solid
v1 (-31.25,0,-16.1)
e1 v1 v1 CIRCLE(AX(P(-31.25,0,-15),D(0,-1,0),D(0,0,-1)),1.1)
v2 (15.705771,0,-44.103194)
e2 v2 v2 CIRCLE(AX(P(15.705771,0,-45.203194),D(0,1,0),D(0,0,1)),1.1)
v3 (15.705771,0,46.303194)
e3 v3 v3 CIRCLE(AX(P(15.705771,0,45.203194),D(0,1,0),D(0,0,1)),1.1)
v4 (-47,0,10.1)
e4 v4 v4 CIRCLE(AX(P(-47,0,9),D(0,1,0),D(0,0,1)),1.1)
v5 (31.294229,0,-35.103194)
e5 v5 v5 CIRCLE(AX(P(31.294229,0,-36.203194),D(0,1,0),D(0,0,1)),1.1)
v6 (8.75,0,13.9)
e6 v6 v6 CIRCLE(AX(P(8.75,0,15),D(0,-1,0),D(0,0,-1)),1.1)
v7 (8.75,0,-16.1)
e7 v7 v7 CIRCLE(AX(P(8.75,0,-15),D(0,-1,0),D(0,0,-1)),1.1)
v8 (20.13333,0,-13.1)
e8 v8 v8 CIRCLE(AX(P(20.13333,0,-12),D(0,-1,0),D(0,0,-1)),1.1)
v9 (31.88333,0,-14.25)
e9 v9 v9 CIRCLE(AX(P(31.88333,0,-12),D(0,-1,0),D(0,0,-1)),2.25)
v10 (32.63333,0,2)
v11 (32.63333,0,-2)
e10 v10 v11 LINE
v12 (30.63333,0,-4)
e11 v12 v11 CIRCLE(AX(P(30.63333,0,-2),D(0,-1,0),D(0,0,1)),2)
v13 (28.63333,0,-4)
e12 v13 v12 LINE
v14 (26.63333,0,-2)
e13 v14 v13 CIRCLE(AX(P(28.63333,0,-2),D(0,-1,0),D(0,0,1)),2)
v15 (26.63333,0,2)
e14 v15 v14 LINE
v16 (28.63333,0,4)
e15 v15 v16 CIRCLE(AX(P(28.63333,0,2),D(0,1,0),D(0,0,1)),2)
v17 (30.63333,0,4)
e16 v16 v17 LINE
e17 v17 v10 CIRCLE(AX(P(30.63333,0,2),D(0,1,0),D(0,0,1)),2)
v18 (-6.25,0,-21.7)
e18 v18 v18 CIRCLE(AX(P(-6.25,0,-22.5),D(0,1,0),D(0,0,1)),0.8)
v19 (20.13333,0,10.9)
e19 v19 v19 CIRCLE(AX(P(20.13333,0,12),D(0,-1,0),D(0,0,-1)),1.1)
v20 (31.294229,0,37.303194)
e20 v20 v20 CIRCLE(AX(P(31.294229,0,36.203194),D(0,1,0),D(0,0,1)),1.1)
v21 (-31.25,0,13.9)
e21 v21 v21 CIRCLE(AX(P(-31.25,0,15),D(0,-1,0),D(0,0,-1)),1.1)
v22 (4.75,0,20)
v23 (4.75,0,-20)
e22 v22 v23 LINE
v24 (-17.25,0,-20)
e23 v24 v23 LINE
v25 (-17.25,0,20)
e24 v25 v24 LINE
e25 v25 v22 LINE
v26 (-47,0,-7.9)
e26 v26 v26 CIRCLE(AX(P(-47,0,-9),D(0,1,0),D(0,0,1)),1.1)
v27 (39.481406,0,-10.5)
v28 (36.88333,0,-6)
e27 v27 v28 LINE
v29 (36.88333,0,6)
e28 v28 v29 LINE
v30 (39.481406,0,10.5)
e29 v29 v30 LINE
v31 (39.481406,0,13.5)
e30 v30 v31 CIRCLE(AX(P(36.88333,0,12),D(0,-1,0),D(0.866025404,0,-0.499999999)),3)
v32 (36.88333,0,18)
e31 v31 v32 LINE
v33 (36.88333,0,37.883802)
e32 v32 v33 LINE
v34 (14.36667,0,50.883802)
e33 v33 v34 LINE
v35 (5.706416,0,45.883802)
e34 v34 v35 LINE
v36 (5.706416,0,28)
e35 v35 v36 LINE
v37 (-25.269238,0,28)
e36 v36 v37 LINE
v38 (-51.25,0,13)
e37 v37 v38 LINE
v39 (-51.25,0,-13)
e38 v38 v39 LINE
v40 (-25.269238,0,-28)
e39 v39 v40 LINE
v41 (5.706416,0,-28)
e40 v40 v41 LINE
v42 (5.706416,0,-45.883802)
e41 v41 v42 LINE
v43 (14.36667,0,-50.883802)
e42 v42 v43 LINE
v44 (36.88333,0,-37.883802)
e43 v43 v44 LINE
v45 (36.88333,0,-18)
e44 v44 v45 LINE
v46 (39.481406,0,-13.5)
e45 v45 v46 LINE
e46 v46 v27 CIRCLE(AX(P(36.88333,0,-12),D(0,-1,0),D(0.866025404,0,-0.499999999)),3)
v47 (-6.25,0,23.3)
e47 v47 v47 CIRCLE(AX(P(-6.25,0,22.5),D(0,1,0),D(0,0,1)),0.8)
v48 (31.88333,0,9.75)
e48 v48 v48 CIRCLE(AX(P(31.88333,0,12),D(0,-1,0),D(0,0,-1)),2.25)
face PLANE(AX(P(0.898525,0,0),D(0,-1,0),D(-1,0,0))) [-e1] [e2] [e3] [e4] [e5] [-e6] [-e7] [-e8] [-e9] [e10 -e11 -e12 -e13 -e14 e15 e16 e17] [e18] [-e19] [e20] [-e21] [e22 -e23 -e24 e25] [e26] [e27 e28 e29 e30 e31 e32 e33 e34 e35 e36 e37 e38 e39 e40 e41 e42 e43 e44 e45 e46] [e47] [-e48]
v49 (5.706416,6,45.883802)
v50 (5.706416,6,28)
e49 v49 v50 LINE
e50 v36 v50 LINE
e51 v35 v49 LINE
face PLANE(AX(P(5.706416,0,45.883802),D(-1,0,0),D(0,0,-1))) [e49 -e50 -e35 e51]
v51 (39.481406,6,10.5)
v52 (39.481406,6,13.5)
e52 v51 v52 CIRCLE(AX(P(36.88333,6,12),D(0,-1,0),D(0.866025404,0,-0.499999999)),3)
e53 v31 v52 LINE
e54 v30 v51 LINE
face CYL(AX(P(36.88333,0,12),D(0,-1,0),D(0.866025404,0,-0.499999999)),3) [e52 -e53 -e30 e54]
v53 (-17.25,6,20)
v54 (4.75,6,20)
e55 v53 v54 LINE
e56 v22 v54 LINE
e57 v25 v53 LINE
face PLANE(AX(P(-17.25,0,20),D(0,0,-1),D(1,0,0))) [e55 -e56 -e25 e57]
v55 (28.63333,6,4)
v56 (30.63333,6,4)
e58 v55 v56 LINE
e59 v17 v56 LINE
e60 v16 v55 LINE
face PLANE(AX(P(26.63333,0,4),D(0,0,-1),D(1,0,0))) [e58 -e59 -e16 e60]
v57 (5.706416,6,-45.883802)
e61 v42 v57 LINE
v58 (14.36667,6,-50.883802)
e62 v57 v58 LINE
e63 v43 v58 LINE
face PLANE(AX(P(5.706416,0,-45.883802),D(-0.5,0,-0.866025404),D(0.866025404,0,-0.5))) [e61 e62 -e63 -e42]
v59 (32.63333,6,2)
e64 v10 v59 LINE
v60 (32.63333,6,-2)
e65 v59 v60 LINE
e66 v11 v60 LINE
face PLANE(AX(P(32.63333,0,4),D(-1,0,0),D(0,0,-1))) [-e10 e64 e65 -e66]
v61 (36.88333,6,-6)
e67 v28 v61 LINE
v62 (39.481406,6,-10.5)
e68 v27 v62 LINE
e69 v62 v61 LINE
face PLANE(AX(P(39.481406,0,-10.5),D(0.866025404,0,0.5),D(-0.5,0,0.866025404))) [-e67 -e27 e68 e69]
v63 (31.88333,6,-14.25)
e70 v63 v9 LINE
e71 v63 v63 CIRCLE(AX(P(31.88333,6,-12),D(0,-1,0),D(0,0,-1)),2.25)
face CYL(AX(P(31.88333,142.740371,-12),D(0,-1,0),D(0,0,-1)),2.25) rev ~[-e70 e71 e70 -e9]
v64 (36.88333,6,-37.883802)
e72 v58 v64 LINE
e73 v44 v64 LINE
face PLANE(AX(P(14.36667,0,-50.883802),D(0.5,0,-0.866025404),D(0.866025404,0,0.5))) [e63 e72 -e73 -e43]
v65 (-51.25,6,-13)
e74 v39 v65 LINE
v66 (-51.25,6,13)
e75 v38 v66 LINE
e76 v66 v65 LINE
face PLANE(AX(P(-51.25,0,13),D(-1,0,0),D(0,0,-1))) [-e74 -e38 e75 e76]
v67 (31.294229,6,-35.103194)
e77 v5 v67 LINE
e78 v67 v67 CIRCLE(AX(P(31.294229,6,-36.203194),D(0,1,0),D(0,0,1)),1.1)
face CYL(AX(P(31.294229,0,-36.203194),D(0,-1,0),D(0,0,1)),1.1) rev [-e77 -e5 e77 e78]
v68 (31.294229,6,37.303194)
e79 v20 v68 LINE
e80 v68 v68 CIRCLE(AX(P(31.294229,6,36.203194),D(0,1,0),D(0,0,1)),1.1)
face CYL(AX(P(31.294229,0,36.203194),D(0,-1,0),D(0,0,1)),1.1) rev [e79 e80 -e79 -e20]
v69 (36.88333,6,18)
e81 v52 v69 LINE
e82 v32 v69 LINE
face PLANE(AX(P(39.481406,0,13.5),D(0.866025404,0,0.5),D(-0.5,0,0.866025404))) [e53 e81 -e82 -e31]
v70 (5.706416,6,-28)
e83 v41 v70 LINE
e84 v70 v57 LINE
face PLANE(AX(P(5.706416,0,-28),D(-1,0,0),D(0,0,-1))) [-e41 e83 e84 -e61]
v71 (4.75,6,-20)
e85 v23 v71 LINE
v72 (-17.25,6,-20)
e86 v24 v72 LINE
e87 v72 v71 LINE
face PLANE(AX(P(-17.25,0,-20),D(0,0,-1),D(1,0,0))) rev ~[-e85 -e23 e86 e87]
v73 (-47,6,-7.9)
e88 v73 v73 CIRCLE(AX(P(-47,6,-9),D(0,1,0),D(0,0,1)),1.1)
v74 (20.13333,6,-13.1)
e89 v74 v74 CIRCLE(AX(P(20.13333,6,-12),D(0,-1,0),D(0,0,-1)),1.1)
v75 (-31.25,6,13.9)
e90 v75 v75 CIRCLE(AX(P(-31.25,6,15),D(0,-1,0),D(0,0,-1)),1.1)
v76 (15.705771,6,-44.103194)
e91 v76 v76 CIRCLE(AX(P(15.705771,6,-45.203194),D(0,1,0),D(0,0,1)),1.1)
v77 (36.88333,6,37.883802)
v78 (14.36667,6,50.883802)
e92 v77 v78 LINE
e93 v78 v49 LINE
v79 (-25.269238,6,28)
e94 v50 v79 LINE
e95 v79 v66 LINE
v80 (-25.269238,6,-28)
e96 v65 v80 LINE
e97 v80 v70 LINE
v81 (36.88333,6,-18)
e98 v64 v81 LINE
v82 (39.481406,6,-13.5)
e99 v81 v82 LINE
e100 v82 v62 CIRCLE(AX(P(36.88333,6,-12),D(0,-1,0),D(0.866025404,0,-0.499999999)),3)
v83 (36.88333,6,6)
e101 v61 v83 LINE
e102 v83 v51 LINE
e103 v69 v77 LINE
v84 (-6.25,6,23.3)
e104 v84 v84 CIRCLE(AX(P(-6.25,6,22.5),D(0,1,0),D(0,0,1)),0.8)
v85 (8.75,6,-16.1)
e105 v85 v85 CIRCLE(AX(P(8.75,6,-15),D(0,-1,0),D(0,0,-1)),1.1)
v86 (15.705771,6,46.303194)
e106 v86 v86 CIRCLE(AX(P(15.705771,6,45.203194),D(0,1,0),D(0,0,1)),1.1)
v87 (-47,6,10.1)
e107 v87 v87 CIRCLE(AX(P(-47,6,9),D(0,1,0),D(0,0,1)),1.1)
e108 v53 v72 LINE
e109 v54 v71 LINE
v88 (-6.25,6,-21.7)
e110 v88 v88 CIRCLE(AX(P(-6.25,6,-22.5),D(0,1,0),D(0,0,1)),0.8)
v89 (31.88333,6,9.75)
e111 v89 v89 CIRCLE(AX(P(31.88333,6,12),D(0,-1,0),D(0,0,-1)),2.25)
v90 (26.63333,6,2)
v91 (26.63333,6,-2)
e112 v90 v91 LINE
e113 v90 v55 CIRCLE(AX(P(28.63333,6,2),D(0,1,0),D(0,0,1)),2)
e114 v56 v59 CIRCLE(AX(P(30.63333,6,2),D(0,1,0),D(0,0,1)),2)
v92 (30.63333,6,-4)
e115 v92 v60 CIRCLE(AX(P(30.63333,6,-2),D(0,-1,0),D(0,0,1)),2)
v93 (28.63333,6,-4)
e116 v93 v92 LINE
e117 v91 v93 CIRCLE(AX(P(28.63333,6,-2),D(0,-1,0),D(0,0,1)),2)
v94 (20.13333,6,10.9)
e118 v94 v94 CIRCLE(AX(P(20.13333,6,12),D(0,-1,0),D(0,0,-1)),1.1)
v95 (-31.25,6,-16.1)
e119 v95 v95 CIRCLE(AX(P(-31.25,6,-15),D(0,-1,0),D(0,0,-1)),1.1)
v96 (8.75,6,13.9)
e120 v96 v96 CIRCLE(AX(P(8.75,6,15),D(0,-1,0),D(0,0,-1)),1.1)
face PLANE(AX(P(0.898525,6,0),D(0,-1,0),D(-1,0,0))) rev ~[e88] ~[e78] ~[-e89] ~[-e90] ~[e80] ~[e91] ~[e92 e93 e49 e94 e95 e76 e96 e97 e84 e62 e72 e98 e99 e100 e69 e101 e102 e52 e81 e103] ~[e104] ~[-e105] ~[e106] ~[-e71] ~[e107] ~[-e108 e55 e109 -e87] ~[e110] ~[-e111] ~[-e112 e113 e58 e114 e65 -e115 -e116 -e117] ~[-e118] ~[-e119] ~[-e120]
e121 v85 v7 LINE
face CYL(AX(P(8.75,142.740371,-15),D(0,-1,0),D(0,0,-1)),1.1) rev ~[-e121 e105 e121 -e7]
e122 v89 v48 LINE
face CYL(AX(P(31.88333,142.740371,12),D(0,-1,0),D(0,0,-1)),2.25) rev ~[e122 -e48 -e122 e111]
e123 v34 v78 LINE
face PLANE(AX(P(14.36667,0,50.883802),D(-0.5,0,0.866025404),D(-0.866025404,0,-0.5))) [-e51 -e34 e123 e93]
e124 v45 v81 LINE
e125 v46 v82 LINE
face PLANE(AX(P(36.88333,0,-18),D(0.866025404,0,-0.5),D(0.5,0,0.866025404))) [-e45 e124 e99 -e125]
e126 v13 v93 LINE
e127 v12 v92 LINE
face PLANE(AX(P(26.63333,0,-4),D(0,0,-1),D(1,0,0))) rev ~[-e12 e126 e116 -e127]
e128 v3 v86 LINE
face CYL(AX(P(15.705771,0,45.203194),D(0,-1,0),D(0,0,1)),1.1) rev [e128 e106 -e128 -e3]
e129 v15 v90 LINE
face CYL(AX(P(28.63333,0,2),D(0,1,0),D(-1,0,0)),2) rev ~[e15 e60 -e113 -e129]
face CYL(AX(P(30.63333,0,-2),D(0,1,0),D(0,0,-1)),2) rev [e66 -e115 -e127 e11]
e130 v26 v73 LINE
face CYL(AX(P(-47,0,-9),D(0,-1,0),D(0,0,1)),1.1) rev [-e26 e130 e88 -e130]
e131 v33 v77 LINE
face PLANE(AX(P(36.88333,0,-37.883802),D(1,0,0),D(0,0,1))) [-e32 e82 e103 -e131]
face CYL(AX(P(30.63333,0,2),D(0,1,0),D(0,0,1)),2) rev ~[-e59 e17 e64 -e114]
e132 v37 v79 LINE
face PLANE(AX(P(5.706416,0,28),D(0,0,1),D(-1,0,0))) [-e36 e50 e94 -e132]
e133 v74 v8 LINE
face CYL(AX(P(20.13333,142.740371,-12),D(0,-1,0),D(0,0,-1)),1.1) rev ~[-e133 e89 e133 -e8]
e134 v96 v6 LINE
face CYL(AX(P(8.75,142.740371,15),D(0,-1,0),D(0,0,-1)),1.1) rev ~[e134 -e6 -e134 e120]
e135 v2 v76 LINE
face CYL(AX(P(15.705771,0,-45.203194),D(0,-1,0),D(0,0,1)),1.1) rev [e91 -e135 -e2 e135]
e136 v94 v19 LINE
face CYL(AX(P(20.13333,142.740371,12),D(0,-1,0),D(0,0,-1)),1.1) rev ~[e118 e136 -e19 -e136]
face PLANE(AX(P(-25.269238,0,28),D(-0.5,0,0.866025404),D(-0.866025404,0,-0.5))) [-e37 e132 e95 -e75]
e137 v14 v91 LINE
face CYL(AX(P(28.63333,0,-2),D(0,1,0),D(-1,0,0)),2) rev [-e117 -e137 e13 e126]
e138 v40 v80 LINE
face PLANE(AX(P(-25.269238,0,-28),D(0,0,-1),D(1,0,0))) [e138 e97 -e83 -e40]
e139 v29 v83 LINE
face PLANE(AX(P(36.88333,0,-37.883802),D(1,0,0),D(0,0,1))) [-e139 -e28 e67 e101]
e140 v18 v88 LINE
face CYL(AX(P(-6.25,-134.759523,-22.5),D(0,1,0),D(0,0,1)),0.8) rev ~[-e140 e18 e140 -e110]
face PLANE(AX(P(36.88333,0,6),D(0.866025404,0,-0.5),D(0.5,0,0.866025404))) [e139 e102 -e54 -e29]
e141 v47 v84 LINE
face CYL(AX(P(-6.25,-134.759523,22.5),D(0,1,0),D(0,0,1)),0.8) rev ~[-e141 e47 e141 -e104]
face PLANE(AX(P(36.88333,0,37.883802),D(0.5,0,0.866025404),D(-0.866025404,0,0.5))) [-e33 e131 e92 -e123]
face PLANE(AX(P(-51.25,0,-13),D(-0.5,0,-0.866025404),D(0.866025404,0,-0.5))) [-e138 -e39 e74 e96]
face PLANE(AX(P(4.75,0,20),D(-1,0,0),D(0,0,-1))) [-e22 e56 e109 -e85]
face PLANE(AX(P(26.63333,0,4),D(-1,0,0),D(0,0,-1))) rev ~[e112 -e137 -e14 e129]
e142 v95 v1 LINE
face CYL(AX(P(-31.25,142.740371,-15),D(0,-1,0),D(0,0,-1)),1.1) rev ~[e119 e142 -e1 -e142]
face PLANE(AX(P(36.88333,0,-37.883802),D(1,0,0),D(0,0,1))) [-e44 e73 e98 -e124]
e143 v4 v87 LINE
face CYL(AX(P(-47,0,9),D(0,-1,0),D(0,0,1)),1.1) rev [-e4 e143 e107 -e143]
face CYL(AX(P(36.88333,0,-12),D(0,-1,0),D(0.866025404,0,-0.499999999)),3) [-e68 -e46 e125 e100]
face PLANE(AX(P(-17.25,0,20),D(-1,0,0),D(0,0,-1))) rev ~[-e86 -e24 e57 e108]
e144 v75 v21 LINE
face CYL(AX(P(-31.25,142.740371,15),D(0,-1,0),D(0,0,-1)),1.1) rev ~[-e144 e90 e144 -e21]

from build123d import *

# Parameters (mm, degrees)
SKETCH1_R                  = 1.1
SKETCH1_W                  = 22
SKETCH1_H                  = 40
SKETCH1_W_2                = 6
SKETCH1_H_2                = 8
BOSS_EXTRUDE1_DEPTH        = 6
F_1_6_1_6_DIAMETER_HOLE3_D = 1.6
BOSS_EXTRUDE2_DEPTH        = 6
FILLET1_R                  = 2
F_2_2_2_2_DIAMETER_HOLE1_D = 2.2
F_4_0MM_DOWEL_HOLE1_D      = 4.5
F_2_0MM_DOWEL_HOLE1_D      = 2.2


with BuildPart() as part:
    # Sketch1 → Boss-Extrude1 (new body)
    with BuildSketch(Plane(origin=(0, 0, 0), x_dir=(1, 0, 0), z_dir=(0, 1, 0))):
        Polygon((14.366669751, 50.883801944), (36.883330249, 37.883801944), (36.883330249, -37.883801944), (14.366669751, -50.883801944), (5.706415713, -45.883801944), (5.706415713, -28), (-25.269237886, -28), (-51.25, -13), (-51.25, 13), (-25.269237886, 28), (5.706415713, 28), (5.706415713, 45.883801944), align=None)
        with Locations(Location((15.705771366, 45.203193978, 0), (0, 0, 270))):
            Circle(SKETCH1_R, mode=Mode.SUBTRACT)
        with Locations(Location((31.294228634, 36.203193978, 0), (0, 0, 270))):
            Circle(SKETCH1_R, mode=Mode.SUBTRACT)
        with Locations(Location((31.294228634, -36.203193978, 0), (0, 0, 270))):
            Circle(SKETCH1_R, mode=Mode.SUBTRACT)
        with Locations(Location((15.705771366, -45.203193978, 0), (0, 0, 270))):
            Circle(SKETCH1_R, mode=Mode.SUBTRACT)
        with Locations(Location((-47, 9, 0), (0, 0, 270))):
            Circle(SKETCH1_R, mode=Mode.SUBTRACT)
        with Locations(Location((-47, -9, 0), (0, 0, 270))):
            Circle(SKETCH1_R, mode=Mode.SUBTRACT)
        with Locations((-6.25, 0)):
            Rectangle(SKETCH1_W, SKETCH1_H, mode=Mode.SUBTRACT)
        with Locations((29.633330249, 0)):
            Rectangle(SKETCH1_W_2, SKETCH1_H_2, mode=Mode.SUBTRACT)
    extrude(amount=BOSS_EXTRUDE1_DEPTH)

    # Ø1.6 (1.6) Diameter Hole3 (through all)
    with Locations(Plane(origin=(-6.25, 0, 22.5), x_dir=(0, 0, -1), z_dir=(0, -1, 0))):
        with Locations((0, 0), (45, 0)):
            Hole(F_1_6_1_6_DIAMETER_HOLE3_D / 2)

    # Sketch9 → Boss-Extrude2 (add)
    with BuildSketch(Plane.XZ):
        with BuildLine():
            Line((36.883330249, -9), (36.883330249, -15))
            ThreePointArc((36.883330249, -15), (38.383330249, -14.598076211), (39.481406461, -13.5))
            ThreePointArc((39.481406461, -13.5), (39.883330249, -12), (39.481406461, -10.5))
            ThreePointArc((39.481406461, -10.5), (38.383330249, -9.401923789), (36.883330249, -9))
        make_face()
        with BuildLine():
            Line((36.883330249, -6), (36.883330249, -9))
            ThreePointArc((36.883330249, -9), (38.383330249, -9.401923789), (39.481406461, -10.5))
            Line((39.481406461, -10.5), (36.883330249, -6))
        make_face()
        with BuildLine():
            Line((36.883330249, -15), (36.883330249, -18))
            Line((36.883330249, -18), (39.481406461, -13.5))
            ThreePointArc((39.481406461, -13.5), (38.383330249, -14.598076211), (36.883330249, -15))
        make_face()
        with BuildLine():
            ThreePointArc((39.481406461, 10.5), (39.883330249, 12), (39.481406461, 13.5))
            ThreePointArc((39.481406461, 13.5), (38.383330249, 14.598076211), (36.883330249, 15))
            Line((36.883330249, 15), (36.883330249, 9))
            ThreePointArc((36.883330249, 9), (38.383330249, 9.401923789), (39.481406461, 10.5))
        make_face()
        with BuildLine():
            Line((36.883330249, 6), (39.481406461, 10.5))
            ThreePointArc((39.481406461, 10.5), (38.383330249, 9.401923789), (36.883330249, 9))
            Line((36.883330249, 9), (36.883330249, 6))
        make_face()
        with BuildLine():
            ThreePointArc((36.883330249, 15), (38.383330249, 14.598076211), (39.481406461, 13.5))
            Line((39.481406461, 13.5), (36.883330249, 18))
            Line((36.883330249, 18), (36.883330249, 15))
        make_face()
    extrude(amount=-BOSS_EXTRUDE2_DEPTH)

    # Fillet1
    fillet1_edges = [part.edges().sort_by_distance(p)[0] for p in [
        (32.633330249, 3, 4),
        (32.633330249, 3, -4),
        (26.633330249, 3, -4),
        (26.633330249, 3, 4),
    ]]
    fillet(fillet1_edges, radius=FILLET1_R)

    # Ø2.2 (2.2) Diameter Hole1 (through all)
    with Locations(Plane(origin=(20.133330249, 6, -12), x_dir=(0, 0, 1), z_dir=(0, 1, 0))):
        with Locations((0, 0), (24, 0)):
            Hole(F_2_2_2_2_DIAMETER_HOLE1_D / 2)

    # Ø4.0mm Dowel Hole1 (through all)
    with Locations(Plane(origin=(31.883330249, 6, -12), x_dir=(0, 0, 1), z_dir=(0, 1, 0))):
        with Locations((0, 0), (24, 0)):
            Hole(F_4_0MM_DOWEL_HOLE1_D / 2)

    # Ø2.0mm Dowel Hole1 (through all)
    with Locations(Plane(origin=(-31.25, 6, -15), x_dir=(0, 0, 1), z_dir=(0, 1, 0))):
        with Locations((0, 0), (30, 0), (30, 40), (0, 40)):
            Hole(F_2_0MM_DOWEL_HOLE1_D / 2)


solid = part.part
